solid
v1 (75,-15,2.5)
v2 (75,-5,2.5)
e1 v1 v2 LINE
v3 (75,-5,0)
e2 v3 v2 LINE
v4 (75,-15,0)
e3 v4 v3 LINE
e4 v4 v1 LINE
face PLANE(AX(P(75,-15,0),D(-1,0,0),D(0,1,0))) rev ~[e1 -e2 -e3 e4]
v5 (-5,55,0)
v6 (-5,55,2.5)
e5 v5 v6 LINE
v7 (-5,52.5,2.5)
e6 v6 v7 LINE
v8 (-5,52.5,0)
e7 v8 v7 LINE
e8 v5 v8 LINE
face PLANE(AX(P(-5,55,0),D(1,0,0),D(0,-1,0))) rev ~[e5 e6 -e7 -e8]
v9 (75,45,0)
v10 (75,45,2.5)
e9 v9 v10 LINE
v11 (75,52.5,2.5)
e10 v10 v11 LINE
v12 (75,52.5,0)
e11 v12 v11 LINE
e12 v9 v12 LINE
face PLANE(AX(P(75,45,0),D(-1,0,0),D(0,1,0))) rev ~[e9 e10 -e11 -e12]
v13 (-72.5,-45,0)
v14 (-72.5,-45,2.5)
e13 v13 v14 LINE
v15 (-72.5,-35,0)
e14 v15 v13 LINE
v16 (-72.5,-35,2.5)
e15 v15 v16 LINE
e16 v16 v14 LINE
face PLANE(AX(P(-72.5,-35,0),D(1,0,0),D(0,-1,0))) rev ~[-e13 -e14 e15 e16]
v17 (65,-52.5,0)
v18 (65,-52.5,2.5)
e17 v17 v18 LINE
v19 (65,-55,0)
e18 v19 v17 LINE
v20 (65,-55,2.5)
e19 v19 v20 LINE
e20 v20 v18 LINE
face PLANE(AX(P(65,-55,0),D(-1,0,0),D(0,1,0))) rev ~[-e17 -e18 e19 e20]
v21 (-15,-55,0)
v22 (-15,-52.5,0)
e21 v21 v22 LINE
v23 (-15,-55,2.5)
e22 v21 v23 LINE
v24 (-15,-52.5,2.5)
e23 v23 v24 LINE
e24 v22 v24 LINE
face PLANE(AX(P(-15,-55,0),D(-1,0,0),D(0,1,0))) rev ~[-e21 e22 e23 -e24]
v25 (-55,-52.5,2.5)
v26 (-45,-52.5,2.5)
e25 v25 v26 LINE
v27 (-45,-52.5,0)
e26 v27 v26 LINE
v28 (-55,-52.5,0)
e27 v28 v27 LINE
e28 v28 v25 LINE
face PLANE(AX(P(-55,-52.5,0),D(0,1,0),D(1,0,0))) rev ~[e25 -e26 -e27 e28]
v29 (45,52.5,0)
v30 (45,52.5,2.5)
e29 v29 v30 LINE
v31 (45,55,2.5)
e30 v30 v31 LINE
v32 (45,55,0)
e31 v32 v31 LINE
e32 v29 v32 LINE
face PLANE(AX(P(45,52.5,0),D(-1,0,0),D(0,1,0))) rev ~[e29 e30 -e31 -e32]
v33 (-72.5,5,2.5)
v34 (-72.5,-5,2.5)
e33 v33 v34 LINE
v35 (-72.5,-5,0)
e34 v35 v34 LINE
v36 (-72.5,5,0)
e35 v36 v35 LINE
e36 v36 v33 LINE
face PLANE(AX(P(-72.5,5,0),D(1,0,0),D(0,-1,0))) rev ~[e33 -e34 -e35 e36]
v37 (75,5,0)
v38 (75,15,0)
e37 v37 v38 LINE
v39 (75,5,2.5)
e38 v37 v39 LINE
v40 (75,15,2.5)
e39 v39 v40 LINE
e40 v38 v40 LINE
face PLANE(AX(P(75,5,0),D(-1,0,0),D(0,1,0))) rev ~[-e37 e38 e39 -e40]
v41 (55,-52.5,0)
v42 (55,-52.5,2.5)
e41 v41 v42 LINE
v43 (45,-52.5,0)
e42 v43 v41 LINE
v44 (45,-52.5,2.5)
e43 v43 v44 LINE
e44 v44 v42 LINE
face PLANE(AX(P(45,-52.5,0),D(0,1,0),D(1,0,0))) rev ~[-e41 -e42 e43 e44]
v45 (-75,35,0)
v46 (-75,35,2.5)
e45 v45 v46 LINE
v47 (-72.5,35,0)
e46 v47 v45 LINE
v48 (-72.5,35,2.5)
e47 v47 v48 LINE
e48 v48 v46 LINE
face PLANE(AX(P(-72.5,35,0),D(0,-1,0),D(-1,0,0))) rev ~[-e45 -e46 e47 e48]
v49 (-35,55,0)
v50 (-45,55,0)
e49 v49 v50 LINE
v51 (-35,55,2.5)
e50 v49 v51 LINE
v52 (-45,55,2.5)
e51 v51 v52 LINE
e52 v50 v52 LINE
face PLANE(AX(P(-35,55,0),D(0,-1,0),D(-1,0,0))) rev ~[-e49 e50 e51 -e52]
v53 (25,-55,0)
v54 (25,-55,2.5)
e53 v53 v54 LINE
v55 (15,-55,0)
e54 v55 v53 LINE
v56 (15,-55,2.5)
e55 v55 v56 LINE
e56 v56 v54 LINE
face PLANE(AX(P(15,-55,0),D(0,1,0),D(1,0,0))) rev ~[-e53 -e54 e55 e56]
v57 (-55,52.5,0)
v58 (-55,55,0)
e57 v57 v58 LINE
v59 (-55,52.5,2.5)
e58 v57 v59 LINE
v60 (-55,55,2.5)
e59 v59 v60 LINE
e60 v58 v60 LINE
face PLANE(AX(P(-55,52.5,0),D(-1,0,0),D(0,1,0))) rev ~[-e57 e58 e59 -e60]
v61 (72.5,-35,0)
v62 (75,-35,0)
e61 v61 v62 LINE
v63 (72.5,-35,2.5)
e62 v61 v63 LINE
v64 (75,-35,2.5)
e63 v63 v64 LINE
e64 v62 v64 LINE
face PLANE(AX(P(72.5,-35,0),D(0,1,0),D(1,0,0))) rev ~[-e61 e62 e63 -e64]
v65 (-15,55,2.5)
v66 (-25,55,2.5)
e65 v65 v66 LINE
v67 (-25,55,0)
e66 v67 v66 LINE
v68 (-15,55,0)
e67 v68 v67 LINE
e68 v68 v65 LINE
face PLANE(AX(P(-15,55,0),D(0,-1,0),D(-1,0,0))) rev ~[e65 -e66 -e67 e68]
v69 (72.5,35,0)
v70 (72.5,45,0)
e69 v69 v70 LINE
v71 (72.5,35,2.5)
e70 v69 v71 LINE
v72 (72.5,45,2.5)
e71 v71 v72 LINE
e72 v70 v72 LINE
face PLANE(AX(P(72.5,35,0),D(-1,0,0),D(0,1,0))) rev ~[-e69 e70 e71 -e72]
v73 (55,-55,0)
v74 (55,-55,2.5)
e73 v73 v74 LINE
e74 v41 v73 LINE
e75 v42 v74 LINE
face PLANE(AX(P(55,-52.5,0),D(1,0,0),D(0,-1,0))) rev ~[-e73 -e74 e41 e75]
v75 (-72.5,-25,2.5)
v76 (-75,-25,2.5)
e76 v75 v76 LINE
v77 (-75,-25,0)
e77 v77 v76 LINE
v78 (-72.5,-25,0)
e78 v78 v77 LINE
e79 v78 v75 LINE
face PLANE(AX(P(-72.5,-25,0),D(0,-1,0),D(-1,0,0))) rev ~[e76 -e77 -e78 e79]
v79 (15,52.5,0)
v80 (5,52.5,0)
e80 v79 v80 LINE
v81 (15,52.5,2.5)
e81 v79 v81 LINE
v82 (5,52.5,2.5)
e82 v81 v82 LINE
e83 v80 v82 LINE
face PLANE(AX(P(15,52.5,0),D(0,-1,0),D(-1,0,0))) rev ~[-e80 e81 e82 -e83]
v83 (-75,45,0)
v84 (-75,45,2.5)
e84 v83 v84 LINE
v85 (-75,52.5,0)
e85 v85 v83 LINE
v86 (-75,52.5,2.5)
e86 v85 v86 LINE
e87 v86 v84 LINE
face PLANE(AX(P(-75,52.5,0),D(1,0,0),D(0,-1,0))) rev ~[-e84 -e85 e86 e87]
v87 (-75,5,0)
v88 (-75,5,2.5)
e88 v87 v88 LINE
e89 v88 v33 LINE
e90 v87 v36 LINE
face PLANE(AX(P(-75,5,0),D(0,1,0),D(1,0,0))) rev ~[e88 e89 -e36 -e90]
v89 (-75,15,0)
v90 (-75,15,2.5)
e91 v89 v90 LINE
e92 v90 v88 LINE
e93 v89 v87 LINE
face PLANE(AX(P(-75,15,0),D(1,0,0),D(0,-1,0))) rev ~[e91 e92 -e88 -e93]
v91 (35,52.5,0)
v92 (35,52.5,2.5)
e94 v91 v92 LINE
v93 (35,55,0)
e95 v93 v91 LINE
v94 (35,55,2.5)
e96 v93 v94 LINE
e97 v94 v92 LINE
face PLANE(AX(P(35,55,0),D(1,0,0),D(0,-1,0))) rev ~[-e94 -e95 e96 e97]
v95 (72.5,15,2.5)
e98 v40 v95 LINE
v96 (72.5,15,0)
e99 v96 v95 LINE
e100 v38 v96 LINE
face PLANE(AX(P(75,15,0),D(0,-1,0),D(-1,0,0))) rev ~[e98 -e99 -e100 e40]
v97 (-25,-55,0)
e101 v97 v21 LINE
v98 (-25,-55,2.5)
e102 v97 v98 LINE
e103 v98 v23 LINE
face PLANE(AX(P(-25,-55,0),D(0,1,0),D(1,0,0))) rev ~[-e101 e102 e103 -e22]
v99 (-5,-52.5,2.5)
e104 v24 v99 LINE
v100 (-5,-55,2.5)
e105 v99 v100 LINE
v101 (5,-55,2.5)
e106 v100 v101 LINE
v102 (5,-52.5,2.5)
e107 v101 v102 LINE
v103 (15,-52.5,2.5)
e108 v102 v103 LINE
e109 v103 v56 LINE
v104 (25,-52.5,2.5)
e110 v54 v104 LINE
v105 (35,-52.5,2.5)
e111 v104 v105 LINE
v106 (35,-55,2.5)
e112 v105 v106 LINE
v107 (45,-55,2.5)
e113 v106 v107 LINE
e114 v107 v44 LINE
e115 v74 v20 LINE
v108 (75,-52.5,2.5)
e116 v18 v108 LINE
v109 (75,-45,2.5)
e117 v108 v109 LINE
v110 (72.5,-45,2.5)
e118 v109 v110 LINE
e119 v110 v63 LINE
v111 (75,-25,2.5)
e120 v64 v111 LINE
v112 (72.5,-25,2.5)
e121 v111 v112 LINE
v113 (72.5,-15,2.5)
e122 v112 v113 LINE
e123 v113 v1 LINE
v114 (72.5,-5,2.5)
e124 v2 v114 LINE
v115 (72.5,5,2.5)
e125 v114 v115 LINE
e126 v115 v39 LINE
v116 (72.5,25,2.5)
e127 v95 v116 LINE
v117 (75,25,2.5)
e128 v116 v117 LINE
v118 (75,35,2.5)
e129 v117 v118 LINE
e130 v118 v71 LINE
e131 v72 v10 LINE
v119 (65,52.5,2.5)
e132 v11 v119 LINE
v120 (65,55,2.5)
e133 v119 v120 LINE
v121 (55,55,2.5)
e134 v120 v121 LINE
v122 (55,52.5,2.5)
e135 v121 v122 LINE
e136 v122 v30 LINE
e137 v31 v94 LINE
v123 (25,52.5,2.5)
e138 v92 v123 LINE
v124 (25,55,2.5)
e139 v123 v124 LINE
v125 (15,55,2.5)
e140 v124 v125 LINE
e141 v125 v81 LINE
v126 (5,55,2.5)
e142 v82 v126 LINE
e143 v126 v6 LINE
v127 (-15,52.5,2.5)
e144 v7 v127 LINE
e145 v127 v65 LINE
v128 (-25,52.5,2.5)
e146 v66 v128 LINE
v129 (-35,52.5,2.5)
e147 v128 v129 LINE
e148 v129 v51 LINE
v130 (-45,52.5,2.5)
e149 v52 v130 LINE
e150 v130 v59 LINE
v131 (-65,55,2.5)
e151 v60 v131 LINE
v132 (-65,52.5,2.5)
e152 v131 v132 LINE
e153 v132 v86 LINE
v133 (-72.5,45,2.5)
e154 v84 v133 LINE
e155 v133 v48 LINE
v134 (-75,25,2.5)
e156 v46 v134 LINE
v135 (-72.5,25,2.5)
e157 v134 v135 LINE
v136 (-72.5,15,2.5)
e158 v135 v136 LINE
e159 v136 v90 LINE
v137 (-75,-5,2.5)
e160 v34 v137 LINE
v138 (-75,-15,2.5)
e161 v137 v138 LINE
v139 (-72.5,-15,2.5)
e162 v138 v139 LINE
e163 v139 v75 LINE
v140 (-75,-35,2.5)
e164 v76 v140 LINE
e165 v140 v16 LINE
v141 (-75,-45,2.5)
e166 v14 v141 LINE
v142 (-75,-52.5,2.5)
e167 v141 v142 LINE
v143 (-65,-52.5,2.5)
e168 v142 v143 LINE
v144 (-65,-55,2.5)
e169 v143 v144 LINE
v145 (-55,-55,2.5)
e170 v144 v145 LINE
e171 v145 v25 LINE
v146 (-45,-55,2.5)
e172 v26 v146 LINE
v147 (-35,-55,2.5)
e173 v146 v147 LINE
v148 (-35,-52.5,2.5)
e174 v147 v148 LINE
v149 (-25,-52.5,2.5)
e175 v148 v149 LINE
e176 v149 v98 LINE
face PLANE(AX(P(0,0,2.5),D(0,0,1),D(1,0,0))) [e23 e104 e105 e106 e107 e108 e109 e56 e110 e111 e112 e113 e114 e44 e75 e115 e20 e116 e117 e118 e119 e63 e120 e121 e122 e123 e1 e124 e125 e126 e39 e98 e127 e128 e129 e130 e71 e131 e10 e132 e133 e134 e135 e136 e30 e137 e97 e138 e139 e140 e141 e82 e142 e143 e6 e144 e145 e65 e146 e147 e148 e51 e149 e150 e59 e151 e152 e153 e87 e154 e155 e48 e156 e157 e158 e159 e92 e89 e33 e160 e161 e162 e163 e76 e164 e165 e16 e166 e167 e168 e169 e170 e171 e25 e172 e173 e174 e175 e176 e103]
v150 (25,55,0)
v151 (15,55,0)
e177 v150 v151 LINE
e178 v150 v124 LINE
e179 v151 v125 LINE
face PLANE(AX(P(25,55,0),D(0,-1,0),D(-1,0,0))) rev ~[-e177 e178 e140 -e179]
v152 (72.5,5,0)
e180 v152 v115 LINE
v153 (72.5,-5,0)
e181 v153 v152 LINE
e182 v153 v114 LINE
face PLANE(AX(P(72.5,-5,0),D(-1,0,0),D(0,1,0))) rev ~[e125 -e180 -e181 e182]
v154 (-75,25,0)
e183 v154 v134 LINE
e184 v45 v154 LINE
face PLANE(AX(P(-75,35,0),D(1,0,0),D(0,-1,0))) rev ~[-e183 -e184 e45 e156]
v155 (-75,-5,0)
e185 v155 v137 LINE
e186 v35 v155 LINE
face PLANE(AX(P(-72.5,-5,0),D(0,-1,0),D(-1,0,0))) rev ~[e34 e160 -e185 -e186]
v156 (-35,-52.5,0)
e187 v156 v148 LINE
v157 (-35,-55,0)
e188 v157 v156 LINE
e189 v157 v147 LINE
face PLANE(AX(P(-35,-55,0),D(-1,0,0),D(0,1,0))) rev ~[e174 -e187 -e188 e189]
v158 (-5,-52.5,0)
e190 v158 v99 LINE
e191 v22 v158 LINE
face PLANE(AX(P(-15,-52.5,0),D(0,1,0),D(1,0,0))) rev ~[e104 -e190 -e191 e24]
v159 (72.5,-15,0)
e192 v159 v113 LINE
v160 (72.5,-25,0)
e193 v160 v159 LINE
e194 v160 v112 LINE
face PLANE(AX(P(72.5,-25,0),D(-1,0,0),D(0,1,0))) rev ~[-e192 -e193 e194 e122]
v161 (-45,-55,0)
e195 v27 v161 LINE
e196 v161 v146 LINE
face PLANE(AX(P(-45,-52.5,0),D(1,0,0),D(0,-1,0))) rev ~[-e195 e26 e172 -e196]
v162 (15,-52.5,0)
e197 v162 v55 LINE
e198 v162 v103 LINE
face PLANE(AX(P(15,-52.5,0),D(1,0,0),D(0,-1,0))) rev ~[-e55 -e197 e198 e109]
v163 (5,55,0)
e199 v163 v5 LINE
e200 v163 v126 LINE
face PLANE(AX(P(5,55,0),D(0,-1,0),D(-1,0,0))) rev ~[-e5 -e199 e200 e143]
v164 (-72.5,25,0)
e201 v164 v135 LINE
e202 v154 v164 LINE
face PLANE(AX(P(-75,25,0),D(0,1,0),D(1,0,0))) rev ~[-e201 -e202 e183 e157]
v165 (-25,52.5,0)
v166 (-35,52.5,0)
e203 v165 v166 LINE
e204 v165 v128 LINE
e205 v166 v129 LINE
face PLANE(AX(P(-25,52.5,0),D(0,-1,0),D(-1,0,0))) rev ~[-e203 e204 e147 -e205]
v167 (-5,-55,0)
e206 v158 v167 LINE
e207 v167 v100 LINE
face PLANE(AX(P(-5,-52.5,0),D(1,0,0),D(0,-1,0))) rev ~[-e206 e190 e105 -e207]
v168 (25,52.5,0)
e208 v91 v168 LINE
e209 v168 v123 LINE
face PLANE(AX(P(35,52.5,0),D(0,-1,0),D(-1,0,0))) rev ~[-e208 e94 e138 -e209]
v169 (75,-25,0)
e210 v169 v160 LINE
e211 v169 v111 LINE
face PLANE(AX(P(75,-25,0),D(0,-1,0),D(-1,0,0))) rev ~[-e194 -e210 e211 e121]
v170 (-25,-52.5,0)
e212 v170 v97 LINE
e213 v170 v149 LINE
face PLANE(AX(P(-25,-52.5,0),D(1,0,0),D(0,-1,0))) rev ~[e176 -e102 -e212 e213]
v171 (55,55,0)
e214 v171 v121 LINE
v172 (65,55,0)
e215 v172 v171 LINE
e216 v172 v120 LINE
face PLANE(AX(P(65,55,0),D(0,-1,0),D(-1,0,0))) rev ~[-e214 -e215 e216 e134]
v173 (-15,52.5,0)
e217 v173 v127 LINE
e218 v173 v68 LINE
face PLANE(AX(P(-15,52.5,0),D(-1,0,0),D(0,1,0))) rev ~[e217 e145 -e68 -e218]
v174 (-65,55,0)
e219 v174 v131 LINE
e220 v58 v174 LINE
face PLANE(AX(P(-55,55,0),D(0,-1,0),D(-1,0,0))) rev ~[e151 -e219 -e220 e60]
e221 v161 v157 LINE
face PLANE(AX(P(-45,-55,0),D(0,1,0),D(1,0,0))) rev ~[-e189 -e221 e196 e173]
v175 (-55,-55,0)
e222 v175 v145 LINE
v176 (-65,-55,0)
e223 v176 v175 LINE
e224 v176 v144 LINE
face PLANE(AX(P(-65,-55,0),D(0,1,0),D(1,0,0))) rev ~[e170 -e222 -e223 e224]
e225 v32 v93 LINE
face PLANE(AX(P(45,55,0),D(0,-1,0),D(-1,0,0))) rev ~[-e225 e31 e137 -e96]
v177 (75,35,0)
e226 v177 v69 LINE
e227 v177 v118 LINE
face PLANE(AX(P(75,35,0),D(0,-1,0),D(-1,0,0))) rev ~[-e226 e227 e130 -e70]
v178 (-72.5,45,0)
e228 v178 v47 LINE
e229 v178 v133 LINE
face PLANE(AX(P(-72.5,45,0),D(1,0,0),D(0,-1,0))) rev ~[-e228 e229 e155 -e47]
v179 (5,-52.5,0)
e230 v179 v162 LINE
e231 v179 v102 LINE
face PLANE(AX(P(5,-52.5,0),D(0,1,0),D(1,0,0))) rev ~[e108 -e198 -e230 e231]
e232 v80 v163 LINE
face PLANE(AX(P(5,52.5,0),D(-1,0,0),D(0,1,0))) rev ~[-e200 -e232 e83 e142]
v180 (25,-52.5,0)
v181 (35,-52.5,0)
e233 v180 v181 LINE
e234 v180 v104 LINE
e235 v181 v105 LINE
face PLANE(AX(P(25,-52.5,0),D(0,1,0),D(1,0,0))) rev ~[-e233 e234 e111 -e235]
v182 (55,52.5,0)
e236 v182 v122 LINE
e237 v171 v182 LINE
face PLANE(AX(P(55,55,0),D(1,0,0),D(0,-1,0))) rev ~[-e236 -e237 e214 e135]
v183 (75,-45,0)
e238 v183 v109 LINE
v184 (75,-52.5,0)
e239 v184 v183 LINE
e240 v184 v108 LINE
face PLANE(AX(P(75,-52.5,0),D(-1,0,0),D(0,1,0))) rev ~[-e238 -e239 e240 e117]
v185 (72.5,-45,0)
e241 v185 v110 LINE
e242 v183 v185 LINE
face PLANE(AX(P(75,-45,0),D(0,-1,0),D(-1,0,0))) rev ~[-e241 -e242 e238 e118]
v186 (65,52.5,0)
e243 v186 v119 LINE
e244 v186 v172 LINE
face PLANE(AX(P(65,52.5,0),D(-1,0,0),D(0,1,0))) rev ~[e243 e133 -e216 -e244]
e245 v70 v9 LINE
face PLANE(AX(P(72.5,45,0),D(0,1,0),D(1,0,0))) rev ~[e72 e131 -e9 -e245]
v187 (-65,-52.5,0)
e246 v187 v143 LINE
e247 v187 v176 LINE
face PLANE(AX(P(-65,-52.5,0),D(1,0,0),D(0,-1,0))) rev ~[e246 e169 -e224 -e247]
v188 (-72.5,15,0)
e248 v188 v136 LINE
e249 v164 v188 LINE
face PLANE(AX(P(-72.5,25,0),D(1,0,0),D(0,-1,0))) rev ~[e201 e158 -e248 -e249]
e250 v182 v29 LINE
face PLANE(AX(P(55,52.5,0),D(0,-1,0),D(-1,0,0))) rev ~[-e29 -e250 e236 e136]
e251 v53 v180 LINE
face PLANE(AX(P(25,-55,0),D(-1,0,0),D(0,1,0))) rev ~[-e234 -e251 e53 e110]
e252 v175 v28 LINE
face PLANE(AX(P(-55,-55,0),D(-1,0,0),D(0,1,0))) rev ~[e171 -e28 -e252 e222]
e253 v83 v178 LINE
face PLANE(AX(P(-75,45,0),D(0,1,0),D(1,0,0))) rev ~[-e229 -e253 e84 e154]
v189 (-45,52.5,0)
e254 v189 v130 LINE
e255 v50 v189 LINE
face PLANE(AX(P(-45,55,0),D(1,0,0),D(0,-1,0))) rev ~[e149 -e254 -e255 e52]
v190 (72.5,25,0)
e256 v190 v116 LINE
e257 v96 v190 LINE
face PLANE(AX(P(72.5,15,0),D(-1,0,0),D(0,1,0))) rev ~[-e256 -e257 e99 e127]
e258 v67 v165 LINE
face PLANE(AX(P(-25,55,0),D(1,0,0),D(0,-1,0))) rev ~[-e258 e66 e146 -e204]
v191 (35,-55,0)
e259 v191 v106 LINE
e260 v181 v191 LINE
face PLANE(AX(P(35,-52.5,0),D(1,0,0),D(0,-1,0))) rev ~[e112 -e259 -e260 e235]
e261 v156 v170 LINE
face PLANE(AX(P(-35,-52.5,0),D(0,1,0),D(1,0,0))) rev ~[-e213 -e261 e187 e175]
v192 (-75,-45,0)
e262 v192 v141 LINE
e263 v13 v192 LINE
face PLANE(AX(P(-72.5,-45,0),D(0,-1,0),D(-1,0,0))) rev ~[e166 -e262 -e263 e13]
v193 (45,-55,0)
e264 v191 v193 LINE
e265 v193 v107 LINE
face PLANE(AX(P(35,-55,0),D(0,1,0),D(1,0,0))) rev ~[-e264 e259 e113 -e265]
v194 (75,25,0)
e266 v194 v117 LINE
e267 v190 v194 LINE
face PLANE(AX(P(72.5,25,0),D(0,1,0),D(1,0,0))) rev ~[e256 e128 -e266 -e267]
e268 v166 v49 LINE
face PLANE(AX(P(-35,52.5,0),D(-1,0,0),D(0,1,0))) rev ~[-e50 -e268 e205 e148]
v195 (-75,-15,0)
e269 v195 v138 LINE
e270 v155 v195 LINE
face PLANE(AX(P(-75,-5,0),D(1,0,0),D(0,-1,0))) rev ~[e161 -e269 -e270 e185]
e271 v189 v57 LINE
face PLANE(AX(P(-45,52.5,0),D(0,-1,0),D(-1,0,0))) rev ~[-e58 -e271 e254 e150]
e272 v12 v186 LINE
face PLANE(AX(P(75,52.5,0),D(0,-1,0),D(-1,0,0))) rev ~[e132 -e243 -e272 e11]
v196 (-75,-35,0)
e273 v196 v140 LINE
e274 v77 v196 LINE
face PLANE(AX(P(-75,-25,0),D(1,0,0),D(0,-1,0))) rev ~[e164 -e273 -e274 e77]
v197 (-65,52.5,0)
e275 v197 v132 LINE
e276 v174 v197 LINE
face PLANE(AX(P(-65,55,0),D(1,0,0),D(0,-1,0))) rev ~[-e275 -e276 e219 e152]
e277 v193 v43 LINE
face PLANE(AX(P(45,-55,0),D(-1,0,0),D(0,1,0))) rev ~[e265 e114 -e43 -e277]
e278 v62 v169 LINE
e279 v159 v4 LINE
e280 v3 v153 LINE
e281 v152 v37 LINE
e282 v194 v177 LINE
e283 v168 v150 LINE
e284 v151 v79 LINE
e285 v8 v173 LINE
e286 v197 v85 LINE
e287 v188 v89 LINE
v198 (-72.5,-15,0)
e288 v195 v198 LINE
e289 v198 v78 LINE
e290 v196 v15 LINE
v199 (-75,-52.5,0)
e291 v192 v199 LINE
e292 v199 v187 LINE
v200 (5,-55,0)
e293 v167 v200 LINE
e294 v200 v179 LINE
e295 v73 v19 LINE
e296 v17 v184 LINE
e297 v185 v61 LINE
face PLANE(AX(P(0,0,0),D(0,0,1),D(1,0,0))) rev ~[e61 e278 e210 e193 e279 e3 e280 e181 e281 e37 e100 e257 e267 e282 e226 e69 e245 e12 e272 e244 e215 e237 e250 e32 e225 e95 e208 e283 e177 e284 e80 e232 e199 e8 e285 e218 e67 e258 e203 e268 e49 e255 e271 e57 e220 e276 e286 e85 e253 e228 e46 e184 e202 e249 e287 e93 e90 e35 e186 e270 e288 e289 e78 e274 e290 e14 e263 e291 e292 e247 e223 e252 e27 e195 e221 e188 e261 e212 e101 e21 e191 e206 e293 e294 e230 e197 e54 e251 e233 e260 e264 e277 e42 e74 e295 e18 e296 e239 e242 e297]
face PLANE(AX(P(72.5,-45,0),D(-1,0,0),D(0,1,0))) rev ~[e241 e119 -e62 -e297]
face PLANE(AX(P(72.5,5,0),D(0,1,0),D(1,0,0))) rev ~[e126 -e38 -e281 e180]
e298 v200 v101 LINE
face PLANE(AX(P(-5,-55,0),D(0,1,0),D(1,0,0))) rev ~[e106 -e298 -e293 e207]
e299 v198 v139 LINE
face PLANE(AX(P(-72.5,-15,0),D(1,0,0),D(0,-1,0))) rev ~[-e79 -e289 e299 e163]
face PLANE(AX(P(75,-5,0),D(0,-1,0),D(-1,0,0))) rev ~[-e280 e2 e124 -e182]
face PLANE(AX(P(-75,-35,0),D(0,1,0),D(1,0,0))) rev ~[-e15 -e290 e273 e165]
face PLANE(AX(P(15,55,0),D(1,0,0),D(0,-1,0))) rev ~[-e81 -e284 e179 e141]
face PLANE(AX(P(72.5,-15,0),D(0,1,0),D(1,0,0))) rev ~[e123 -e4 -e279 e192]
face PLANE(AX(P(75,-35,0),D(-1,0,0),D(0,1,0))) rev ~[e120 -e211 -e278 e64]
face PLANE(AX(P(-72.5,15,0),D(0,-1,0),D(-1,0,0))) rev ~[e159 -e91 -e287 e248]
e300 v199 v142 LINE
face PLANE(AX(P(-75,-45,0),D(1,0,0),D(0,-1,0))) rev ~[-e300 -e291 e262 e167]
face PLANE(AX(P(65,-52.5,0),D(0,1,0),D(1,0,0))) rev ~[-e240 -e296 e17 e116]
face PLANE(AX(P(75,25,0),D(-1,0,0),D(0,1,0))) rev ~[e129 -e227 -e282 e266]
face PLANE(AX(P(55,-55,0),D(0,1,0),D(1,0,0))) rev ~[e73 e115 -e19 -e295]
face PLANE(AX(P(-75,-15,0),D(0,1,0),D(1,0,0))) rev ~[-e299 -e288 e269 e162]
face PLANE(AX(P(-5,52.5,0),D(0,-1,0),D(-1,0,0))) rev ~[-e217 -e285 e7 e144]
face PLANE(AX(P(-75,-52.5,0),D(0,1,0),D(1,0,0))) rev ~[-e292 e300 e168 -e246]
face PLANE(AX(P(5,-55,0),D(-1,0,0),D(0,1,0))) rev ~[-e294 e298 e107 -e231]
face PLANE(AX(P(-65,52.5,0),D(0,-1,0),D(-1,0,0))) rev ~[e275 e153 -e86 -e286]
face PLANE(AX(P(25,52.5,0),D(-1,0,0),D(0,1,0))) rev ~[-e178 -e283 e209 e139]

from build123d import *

# Parameters (mm, degrees)
F1_DEPTH = 2.5


with BuildPart() as f1:
    # F0 (on Top) → F1 (new body)
    with BuildSketch(Plane.XY):
        Polygon((55, -55), (65, -55), (65, -52.5), (75, -52.5), (75, -45), (72.5, -45), (72.5, -35), (75, -35), (75, -25), (72.5, -25), (72.5, -15), (75, -15), (75, -5), (72.5, -5), (72.5, 5), (75, 5), (75, 15), (72.5, 15), (72.5, 25), (75, 25), (75, 35), (72.5, 35), (72.5, 45), (75, 45), (75, 52.5), (65, 52.5), (65, 55), (55, 55), (55, 52.5), (45, 52.5), (45, 55), (35, 55), (35, 52.5), (25, 52.5), (25, 55), (15, 55), (15, 52.5), (5, 52.5), (5, 55), (-5, 55), (-5, 52.5), (-15, 52.5), (-15, 55), (-25, 55), (-25, 52.5), (-35, 52.5), (-35, 55), (-45, 55), (-45, 52.5), (-55, 52.5), (-55, 55), (-65, 55), (-65, 52.5), (-75, 52.5), (-75, 45), (-72.5, 45), (-72.5, 35), (-75, 35), (-75, 25), (-72.5, 25), (-72.5, 15), (-75, 15), (-75, 5), (-72.5, 5), (-72.5, -5), (-75, -5), (-75, -15), (-72.5, -15), (-72.5, -25), (-75, -25), (-75, -35), (-72.5, -35), (-72.5, -45), (-75, -45), (-75, -52.5), (-65, -52.5), (-65, -55), (-55, -55), (-55, -52.5), (-45, -52.5), (-45, -55), (-35, -55), (-35, -52.5), (-25, -52.5), (-25, -55), (-15, -55), (-15, -52.5), (-5, -52.5), (-5, -55), (5, -55), (5, -52.5), (15, -52.5), (15, -55), (25, -55), (25, -52.5), (35, -52.5), (35, -55), (45, -55), (45, -52.5), (55, -52.5), align=None)
    extrude(amount=F1_DEPTH)


solid = f1.part
